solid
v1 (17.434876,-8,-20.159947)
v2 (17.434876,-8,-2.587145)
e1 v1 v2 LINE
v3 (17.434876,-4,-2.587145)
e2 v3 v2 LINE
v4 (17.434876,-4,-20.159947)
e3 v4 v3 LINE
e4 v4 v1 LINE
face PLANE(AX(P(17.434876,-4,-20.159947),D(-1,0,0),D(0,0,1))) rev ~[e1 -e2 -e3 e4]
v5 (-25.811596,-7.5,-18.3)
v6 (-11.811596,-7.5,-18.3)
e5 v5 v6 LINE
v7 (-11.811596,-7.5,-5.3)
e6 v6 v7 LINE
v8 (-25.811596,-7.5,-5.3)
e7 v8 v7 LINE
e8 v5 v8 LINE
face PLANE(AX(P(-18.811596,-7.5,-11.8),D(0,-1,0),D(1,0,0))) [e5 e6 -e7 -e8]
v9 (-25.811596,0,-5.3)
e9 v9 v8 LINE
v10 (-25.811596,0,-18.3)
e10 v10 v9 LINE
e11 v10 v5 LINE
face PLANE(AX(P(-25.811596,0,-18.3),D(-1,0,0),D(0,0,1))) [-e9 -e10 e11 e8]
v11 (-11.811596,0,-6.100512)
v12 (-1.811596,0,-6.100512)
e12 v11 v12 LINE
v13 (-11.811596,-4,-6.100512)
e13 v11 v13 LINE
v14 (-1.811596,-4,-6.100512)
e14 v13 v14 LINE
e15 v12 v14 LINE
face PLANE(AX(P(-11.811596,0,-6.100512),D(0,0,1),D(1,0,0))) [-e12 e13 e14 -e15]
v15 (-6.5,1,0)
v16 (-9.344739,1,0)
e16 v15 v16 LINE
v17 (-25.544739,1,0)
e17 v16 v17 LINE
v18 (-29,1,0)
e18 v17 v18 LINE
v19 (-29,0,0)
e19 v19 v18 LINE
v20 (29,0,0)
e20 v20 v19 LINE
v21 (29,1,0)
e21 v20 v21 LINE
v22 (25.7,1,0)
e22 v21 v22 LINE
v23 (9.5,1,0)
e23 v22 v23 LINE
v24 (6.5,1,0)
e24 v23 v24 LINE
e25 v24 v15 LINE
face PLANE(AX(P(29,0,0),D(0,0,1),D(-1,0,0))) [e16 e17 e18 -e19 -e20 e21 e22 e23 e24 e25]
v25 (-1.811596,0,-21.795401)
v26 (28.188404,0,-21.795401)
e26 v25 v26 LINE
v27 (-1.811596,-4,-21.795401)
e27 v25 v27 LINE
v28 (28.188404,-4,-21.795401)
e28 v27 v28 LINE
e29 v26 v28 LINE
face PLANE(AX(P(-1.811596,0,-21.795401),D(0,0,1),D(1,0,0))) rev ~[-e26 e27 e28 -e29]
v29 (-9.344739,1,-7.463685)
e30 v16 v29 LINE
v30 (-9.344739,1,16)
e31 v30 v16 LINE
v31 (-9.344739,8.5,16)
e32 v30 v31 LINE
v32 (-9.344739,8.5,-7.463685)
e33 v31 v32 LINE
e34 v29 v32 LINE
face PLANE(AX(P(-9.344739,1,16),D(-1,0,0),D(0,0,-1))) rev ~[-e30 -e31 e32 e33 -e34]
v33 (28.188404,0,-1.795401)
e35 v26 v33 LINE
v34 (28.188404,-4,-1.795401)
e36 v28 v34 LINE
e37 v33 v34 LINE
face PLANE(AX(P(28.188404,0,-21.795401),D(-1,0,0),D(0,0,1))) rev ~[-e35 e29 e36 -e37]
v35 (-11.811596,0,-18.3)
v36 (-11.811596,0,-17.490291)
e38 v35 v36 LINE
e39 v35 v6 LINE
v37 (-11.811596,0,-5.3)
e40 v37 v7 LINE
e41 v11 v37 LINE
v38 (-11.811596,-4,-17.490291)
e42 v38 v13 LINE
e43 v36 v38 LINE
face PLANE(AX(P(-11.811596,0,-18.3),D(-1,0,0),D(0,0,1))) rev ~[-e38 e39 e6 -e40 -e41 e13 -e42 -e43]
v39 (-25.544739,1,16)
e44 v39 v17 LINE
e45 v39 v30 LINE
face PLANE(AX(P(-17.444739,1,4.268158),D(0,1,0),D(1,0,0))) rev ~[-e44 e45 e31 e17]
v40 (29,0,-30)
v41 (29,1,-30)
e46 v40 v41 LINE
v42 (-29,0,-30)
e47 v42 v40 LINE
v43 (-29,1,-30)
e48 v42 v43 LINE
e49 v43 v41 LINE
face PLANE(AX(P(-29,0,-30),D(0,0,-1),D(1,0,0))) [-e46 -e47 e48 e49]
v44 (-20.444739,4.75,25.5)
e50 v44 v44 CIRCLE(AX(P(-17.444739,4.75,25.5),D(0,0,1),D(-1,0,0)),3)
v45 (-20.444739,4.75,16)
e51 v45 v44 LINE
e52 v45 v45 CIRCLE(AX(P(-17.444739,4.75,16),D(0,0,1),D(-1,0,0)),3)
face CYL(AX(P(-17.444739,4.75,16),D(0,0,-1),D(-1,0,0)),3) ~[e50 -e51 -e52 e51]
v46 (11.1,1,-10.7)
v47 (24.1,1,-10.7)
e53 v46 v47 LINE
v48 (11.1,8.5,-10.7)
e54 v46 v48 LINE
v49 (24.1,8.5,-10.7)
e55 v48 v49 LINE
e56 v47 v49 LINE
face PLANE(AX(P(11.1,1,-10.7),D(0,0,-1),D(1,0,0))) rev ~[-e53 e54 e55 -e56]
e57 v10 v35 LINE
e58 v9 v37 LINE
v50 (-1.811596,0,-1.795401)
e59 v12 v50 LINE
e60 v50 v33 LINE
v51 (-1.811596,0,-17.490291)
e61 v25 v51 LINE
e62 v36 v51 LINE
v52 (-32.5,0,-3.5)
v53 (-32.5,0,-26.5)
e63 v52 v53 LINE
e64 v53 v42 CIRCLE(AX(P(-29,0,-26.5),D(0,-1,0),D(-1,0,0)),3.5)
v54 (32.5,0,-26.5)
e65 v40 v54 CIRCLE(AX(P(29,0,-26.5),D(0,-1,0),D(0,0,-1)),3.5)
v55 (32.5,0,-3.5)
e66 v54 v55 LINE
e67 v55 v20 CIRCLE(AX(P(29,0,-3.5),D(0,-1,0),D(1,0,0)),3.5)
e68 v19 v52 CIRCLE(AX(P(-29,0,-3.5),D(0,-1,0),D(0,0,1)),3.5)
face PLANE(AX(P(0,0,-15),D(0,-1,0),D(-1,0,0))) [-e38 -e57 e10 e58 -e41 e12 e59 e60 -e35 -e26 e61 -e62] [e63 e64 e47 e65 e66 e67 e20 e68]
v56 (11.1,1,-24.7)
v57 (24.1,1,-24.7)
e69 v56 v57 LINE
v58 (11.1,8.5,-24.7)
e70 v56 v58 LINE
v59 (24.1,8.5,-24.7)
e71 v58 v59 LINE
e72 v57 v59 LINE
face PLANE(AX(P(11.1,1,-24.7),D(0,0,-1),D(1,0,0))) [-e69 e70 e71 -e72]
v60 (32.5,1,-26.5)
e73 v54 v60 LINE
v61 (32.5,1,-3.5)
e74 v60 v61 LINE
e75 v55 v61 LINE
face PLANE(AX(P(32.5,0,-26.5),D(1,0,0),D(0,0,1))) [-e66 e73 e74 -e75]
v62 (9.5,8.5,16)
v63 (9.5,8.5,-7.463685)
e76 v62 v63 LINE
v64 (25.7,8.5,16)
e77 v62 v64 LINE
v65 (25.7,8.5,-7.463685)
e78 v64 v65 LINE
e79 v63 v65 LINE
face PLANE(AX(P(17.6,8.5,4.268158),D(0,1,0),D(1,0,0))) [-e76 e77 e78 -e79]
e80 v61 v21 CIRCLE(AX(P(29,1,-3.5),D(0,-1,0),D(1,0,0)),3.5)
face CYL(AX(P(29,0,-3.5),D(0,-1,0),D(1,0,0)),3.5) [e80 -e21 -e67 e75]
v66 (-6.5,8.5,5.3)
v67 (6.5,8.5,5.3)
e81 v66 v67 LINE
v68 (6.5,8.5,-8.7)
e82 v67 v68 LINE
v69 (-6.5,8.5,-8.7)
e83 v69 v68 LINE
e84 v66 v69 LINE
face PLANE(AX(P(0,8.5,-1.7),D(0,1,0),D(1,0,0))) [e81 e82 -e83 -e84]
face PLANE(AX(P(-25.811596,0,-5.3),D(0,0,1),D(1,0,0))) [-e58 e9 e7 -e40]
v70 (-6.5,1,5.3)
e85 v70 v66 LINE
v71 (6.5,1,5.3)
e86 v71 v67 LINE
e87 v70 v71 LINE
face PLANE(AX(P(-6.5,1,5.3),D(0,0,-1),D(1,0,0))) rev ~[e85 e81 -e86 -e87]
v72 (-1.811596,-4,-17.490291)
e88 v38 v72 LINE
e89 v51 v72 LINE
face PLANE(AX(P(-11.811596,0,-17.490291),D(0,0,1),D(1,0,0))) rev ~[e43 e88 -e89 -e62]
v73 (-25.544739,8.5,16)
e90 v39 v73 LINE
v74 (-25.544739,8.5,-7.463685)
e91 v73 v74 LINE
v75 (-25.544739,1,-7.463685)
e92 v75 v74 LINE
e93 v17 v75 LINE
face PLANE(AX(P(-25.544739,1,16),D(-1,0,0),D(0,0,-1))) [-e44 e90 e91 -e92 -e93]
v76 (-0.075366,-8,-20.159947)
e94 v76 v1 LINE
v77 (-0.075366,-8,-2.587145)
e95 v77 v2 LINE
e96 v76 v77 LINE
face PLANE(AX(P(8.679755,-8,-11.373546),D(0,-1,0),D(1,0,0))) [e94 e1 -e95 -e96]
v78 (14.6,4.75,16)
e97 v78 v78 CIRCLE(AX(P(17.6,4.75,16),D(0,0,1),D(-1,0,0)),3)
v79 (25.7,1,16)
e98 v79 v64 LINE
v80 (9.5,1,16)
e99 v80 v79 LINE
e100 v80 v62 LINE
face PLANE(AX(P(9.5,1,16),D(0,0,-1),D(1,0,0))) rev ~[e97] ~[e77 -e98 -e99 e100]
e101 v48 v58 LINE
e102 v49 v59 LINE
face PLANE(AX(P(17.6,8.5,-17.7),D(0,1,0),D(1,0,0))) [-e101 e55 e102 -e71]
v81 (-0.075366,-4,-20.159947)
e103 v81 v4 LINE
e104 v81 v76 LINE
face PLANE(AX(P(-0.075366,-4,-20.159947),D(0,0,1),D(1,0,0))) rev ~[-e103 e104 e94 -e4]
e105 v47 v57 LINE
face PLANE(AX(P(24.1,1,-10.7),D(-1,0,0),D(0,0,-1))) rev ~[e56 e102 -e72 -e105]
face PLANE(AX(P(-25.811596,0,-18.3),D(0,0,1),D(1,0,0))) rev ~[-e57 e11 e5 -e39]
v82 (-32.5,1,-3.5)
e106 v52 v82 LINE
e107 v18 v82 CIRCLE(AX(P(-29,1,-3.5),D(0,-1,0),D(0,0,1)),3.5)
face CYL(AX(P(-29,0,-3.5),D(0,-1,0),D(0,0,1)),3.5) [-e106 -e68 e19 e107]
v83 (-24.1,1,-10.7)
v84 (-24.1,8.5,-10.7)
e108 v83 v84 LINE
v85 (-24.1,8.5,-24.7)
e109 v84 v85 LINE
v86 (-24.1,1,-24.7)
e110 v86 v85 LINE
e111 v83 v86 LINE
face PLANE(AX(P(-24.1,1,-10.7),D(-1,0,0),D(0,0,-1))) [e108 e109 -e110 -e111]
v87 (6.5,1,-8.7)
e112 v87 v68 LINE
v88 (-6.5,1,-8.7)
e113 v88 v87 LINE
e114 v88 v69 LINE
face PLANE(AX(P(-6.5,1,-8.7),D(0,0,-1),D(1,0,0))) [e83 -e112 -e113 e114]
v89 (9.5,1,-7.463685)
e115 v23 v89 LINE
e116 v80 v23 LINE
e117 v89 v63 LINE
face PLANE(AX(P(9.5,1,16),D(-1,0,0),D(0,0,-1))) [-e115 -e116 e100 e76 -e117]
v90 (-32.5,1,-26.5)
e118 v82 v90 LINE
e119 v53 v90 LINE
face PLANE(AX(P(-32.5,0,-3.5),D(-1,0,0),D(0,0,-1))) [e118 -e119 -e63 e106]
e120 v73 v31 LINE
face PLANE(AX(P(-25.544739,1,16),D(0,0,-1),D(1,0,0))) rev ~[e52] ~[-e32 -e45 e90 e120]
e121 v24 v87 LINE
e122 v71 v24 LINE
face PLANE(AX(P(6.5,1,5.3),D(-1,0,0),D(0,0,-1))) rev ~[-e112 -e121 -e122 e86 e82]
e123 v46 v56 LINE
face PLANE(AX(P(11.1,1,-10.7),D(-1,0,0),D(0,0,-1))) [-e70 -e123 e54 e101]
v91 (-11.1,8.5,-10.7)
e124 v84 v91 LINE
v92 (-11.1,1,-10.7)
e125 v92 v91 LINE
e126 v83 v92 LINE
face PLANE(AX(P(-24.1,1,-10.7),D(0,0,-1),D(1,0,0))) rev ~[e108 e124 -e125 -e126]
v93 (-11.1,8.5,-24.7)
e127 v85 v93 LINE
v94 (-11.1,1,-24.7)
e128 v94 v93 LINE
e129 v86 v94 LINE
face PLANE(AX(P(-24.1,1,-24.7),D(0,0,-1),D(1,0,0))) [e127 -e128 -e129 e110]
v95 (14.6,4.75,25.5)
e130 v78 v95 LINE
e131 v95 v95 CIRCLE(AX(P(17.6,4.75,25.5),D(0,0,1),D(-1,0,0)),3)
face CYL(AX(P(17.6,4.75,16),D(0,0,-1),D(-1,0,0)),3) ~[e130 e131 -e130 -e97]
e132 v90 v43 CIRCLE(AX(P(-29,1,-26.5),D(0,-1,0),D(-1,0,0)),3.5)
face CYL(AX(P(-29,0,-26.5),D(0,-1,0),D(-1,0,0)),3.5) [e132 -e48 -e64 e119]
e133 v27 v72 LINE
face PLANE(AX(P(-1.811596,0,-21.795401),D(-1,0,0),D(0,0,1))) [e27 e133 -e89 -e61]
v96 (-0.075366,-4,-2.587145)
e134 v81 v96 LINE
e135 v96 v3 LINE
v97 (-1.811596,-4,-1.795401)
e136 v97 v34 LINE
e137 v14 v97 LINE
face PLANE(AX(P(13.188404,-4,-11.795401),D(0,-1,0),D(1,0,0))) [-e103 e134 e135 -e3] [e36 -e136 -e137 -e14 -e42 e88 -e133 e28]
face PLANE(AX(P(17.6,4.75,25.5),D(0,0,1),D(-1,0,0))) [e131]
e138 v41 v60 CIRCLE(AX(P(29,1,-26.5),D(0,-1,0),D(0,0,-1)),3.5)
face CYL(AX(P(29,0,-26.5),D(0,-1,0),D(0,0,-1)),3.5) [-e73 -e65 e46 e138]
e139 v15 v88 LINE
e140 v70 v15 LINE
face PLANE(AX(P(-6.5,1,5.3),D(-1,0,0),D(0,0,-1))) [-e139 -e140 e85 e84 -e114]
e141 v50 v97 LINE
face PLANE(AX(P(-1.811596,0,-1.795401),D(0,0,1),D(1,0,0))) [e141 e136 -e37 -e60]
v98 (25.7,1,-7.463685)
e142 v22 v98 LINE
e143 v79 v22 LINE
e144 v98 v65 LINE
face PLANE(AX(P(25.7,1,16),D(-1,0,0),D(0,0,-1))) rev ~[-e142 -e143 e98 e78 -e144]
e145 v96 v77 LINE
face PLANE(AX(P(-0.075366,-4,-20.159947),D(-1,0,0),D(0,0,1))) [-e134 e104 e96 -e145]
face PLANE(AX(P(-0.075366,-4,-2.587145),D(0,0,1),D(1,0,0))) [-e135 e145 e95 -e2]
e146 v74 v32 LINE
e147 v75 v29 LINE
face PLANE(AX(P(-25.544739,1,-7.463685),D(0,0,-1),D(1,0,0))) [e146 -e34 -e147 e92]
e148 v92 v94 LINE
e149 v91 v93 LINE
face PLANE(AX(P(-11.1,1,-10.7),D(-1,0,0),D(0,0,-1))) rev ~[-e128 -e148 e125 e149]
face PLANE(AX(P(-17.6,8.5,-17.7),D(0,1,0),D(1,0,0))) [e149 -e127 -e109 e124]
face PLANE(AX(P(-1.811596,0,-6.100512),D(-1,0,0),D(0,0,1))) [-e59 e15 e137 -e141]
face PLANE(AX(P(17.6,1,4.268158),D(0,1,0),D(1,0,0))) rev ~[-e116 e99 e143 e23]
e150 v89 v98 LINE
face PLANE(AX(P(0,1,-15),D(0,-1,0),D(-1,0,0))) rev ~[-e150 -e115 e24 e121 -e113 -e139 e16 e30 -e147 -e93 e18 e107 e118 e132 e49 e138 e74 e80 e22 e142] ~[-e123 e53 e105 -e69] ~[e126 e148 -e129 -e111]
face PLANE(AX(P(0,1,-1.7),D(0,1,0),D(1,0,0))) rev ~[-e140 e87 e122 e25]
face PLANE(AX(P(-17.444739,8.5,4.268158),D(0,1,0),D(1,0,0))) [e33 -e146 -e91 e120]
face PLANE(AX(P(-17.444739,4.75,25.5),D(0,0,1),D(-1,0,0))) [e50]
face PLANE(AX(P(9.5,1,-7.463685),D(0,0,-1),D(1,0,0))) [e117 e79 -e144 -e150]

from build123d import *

# Parameters (mm, degrees)
BOSS_EXTRUDE1_DEPTH = 1
SKETCH2_W           = 14
SKETCH2_H           = 13
BOSS_EXTRUDE2_DEPTH = 7.5
SKETCH3_W           = 30
SKETCH3_H           = 20
SKETCH3_W_2         = 10
SKETCH3_H_2         = 11.389779098
BOSS_EXTRUDE3_DEPTH = 4
SKETCH5_W           = 17.510242059
SKETCH5_H           = 17.572802037
BOSS_EXTRUDE4_DEPTH = 4
SKETCH6_W           = 13
SKETCH6_H           = 14
BOSS_EXTRUDE5_DEPTH = 7.5
SKETCH7_W           = 16.2
SKETCH7_H           = 23.463684538
BOSS_EXTRUDE6_DEPTH = 7.5
SKETCH8_R           = 3
BOSS_EXTRUDE7_DEPTH = 9.5


with BuildPart() as part:
    # Sketch1 → Boss-Extrude1 (new body)
    with BuildSketch(Plane(origin=(0, 0, 0), x_dir=(1, 0, 0), z_dir=(0, 1, 0))):
        with BuildLine():
            Line((-29, 30), (29, 30))
            ThreePointArc((29, 30), (31.474873734, 28.974873734), (32.5, 26.5))
            Line((32.5, 26.5), (32.5, 3.5))
            ThreePointArc((32.5, 3.5), (31.474873734, 1.025126266), (29, 0))
            Line((29, 0), (-29, 0))
            ThreePointArc((-29, 0), (-31.474873734, 1.025126266), (-32.5, 3.5))
            Line((-32.5, 3.5), (-32.5, 26.5))
            ThreePointArc((-32.5, 26.5), (-31.474873734, 28.974873734), (-29, 30))
        make_face()
    extrude(amount=BOSS_EXTRUDE1_DEPTH)

    # Sketch2 → Boss-Extrude2 (add)
    with BuildSketch(Plane.XZ):
        with Locations((-18.811596296, -11.8)):
            Rectangle(SKETCH2_W, SKETCH2_H)
    extrude(amount=BOSS_EXTRUDE2_DEPTH)

    # Sketch3 → Boss-Extrude3 (add)
    with BuildSketch(Plane.XZ):
        with Locations((13.188403704, -11.795401308)):
            Rectangle(SKETCH3_W, SKETCH3_H)
        with Locations((-6.811596296, -11.795401308)):
            Rectangle(SKETCH3_W_2, SKETCH3_H_2)
    extrude(amount=BOSS_EXTRUDE3_DEPTH)

    # Sketch5 → Boss-Extrude4 (add)
    with BuildSketch(Plane.XZ.offset(4)):
        with Locations((8.67975542, -11.373546029)):
            Rectangle(SKETCH5_W, SKETCH5_H)
    extrude(amount=BOSS_EXTRUDE4_DEPTH)

    # Sketch6 → Boss-Extrude5 (add)
    with BuildSketch(Plane(origin=(0, 1, 0), x_dir=(1, 0, 0), z_dir=(0, 1, 0))):
        with Locations((0, 1.7)):
            Rectangle(SKETCH6_W, SKETCH6_H)
        with Locations((-17.6, 17.7)):
            Rectangle(SKETCH6_W, SKETCH6_H)
        with Locations((17.6, 17.7)):
            Rectangle(SKETCH6_W, SKETCH6_H)
    extrude(amount=BOSS_EXTRUDE5_DEPTH)

    # Sketch7 → Boss-Extrude6 (add)
    with BuildSketch(Plane(origin=(0, 1, 0), x_dir=(1, 0, 0), z_dir=(0, 1, 0))):
        with Locations((-17.444739374, -4.268157731)):
            Rectangle(SKETCH7_W, SKETCH7_H)
        with Locations((17.6, -4.268157731)):
            Rectangle(SKETCH7_W, SKETCH7_H)
    extrude(amount=BOSS_EXTRUDE6_DEPTH)

    # Sketch8 → Boss-Extrude7 (add)
    with BuildSketch(Plane.XY.offset(16)):
        with Locations(Location((-17.444739374, 4.75, 0), (0, 0, 180))):
            Circle(SKETCH8_R)
        with Locations(Location((17.6, 4.75, 0), (0, 0, 180))):
            Circle(SKETCH8_R)
    extrude(amount=BOSS_EXTRUDE7_DEPTH)


solid = part.part
